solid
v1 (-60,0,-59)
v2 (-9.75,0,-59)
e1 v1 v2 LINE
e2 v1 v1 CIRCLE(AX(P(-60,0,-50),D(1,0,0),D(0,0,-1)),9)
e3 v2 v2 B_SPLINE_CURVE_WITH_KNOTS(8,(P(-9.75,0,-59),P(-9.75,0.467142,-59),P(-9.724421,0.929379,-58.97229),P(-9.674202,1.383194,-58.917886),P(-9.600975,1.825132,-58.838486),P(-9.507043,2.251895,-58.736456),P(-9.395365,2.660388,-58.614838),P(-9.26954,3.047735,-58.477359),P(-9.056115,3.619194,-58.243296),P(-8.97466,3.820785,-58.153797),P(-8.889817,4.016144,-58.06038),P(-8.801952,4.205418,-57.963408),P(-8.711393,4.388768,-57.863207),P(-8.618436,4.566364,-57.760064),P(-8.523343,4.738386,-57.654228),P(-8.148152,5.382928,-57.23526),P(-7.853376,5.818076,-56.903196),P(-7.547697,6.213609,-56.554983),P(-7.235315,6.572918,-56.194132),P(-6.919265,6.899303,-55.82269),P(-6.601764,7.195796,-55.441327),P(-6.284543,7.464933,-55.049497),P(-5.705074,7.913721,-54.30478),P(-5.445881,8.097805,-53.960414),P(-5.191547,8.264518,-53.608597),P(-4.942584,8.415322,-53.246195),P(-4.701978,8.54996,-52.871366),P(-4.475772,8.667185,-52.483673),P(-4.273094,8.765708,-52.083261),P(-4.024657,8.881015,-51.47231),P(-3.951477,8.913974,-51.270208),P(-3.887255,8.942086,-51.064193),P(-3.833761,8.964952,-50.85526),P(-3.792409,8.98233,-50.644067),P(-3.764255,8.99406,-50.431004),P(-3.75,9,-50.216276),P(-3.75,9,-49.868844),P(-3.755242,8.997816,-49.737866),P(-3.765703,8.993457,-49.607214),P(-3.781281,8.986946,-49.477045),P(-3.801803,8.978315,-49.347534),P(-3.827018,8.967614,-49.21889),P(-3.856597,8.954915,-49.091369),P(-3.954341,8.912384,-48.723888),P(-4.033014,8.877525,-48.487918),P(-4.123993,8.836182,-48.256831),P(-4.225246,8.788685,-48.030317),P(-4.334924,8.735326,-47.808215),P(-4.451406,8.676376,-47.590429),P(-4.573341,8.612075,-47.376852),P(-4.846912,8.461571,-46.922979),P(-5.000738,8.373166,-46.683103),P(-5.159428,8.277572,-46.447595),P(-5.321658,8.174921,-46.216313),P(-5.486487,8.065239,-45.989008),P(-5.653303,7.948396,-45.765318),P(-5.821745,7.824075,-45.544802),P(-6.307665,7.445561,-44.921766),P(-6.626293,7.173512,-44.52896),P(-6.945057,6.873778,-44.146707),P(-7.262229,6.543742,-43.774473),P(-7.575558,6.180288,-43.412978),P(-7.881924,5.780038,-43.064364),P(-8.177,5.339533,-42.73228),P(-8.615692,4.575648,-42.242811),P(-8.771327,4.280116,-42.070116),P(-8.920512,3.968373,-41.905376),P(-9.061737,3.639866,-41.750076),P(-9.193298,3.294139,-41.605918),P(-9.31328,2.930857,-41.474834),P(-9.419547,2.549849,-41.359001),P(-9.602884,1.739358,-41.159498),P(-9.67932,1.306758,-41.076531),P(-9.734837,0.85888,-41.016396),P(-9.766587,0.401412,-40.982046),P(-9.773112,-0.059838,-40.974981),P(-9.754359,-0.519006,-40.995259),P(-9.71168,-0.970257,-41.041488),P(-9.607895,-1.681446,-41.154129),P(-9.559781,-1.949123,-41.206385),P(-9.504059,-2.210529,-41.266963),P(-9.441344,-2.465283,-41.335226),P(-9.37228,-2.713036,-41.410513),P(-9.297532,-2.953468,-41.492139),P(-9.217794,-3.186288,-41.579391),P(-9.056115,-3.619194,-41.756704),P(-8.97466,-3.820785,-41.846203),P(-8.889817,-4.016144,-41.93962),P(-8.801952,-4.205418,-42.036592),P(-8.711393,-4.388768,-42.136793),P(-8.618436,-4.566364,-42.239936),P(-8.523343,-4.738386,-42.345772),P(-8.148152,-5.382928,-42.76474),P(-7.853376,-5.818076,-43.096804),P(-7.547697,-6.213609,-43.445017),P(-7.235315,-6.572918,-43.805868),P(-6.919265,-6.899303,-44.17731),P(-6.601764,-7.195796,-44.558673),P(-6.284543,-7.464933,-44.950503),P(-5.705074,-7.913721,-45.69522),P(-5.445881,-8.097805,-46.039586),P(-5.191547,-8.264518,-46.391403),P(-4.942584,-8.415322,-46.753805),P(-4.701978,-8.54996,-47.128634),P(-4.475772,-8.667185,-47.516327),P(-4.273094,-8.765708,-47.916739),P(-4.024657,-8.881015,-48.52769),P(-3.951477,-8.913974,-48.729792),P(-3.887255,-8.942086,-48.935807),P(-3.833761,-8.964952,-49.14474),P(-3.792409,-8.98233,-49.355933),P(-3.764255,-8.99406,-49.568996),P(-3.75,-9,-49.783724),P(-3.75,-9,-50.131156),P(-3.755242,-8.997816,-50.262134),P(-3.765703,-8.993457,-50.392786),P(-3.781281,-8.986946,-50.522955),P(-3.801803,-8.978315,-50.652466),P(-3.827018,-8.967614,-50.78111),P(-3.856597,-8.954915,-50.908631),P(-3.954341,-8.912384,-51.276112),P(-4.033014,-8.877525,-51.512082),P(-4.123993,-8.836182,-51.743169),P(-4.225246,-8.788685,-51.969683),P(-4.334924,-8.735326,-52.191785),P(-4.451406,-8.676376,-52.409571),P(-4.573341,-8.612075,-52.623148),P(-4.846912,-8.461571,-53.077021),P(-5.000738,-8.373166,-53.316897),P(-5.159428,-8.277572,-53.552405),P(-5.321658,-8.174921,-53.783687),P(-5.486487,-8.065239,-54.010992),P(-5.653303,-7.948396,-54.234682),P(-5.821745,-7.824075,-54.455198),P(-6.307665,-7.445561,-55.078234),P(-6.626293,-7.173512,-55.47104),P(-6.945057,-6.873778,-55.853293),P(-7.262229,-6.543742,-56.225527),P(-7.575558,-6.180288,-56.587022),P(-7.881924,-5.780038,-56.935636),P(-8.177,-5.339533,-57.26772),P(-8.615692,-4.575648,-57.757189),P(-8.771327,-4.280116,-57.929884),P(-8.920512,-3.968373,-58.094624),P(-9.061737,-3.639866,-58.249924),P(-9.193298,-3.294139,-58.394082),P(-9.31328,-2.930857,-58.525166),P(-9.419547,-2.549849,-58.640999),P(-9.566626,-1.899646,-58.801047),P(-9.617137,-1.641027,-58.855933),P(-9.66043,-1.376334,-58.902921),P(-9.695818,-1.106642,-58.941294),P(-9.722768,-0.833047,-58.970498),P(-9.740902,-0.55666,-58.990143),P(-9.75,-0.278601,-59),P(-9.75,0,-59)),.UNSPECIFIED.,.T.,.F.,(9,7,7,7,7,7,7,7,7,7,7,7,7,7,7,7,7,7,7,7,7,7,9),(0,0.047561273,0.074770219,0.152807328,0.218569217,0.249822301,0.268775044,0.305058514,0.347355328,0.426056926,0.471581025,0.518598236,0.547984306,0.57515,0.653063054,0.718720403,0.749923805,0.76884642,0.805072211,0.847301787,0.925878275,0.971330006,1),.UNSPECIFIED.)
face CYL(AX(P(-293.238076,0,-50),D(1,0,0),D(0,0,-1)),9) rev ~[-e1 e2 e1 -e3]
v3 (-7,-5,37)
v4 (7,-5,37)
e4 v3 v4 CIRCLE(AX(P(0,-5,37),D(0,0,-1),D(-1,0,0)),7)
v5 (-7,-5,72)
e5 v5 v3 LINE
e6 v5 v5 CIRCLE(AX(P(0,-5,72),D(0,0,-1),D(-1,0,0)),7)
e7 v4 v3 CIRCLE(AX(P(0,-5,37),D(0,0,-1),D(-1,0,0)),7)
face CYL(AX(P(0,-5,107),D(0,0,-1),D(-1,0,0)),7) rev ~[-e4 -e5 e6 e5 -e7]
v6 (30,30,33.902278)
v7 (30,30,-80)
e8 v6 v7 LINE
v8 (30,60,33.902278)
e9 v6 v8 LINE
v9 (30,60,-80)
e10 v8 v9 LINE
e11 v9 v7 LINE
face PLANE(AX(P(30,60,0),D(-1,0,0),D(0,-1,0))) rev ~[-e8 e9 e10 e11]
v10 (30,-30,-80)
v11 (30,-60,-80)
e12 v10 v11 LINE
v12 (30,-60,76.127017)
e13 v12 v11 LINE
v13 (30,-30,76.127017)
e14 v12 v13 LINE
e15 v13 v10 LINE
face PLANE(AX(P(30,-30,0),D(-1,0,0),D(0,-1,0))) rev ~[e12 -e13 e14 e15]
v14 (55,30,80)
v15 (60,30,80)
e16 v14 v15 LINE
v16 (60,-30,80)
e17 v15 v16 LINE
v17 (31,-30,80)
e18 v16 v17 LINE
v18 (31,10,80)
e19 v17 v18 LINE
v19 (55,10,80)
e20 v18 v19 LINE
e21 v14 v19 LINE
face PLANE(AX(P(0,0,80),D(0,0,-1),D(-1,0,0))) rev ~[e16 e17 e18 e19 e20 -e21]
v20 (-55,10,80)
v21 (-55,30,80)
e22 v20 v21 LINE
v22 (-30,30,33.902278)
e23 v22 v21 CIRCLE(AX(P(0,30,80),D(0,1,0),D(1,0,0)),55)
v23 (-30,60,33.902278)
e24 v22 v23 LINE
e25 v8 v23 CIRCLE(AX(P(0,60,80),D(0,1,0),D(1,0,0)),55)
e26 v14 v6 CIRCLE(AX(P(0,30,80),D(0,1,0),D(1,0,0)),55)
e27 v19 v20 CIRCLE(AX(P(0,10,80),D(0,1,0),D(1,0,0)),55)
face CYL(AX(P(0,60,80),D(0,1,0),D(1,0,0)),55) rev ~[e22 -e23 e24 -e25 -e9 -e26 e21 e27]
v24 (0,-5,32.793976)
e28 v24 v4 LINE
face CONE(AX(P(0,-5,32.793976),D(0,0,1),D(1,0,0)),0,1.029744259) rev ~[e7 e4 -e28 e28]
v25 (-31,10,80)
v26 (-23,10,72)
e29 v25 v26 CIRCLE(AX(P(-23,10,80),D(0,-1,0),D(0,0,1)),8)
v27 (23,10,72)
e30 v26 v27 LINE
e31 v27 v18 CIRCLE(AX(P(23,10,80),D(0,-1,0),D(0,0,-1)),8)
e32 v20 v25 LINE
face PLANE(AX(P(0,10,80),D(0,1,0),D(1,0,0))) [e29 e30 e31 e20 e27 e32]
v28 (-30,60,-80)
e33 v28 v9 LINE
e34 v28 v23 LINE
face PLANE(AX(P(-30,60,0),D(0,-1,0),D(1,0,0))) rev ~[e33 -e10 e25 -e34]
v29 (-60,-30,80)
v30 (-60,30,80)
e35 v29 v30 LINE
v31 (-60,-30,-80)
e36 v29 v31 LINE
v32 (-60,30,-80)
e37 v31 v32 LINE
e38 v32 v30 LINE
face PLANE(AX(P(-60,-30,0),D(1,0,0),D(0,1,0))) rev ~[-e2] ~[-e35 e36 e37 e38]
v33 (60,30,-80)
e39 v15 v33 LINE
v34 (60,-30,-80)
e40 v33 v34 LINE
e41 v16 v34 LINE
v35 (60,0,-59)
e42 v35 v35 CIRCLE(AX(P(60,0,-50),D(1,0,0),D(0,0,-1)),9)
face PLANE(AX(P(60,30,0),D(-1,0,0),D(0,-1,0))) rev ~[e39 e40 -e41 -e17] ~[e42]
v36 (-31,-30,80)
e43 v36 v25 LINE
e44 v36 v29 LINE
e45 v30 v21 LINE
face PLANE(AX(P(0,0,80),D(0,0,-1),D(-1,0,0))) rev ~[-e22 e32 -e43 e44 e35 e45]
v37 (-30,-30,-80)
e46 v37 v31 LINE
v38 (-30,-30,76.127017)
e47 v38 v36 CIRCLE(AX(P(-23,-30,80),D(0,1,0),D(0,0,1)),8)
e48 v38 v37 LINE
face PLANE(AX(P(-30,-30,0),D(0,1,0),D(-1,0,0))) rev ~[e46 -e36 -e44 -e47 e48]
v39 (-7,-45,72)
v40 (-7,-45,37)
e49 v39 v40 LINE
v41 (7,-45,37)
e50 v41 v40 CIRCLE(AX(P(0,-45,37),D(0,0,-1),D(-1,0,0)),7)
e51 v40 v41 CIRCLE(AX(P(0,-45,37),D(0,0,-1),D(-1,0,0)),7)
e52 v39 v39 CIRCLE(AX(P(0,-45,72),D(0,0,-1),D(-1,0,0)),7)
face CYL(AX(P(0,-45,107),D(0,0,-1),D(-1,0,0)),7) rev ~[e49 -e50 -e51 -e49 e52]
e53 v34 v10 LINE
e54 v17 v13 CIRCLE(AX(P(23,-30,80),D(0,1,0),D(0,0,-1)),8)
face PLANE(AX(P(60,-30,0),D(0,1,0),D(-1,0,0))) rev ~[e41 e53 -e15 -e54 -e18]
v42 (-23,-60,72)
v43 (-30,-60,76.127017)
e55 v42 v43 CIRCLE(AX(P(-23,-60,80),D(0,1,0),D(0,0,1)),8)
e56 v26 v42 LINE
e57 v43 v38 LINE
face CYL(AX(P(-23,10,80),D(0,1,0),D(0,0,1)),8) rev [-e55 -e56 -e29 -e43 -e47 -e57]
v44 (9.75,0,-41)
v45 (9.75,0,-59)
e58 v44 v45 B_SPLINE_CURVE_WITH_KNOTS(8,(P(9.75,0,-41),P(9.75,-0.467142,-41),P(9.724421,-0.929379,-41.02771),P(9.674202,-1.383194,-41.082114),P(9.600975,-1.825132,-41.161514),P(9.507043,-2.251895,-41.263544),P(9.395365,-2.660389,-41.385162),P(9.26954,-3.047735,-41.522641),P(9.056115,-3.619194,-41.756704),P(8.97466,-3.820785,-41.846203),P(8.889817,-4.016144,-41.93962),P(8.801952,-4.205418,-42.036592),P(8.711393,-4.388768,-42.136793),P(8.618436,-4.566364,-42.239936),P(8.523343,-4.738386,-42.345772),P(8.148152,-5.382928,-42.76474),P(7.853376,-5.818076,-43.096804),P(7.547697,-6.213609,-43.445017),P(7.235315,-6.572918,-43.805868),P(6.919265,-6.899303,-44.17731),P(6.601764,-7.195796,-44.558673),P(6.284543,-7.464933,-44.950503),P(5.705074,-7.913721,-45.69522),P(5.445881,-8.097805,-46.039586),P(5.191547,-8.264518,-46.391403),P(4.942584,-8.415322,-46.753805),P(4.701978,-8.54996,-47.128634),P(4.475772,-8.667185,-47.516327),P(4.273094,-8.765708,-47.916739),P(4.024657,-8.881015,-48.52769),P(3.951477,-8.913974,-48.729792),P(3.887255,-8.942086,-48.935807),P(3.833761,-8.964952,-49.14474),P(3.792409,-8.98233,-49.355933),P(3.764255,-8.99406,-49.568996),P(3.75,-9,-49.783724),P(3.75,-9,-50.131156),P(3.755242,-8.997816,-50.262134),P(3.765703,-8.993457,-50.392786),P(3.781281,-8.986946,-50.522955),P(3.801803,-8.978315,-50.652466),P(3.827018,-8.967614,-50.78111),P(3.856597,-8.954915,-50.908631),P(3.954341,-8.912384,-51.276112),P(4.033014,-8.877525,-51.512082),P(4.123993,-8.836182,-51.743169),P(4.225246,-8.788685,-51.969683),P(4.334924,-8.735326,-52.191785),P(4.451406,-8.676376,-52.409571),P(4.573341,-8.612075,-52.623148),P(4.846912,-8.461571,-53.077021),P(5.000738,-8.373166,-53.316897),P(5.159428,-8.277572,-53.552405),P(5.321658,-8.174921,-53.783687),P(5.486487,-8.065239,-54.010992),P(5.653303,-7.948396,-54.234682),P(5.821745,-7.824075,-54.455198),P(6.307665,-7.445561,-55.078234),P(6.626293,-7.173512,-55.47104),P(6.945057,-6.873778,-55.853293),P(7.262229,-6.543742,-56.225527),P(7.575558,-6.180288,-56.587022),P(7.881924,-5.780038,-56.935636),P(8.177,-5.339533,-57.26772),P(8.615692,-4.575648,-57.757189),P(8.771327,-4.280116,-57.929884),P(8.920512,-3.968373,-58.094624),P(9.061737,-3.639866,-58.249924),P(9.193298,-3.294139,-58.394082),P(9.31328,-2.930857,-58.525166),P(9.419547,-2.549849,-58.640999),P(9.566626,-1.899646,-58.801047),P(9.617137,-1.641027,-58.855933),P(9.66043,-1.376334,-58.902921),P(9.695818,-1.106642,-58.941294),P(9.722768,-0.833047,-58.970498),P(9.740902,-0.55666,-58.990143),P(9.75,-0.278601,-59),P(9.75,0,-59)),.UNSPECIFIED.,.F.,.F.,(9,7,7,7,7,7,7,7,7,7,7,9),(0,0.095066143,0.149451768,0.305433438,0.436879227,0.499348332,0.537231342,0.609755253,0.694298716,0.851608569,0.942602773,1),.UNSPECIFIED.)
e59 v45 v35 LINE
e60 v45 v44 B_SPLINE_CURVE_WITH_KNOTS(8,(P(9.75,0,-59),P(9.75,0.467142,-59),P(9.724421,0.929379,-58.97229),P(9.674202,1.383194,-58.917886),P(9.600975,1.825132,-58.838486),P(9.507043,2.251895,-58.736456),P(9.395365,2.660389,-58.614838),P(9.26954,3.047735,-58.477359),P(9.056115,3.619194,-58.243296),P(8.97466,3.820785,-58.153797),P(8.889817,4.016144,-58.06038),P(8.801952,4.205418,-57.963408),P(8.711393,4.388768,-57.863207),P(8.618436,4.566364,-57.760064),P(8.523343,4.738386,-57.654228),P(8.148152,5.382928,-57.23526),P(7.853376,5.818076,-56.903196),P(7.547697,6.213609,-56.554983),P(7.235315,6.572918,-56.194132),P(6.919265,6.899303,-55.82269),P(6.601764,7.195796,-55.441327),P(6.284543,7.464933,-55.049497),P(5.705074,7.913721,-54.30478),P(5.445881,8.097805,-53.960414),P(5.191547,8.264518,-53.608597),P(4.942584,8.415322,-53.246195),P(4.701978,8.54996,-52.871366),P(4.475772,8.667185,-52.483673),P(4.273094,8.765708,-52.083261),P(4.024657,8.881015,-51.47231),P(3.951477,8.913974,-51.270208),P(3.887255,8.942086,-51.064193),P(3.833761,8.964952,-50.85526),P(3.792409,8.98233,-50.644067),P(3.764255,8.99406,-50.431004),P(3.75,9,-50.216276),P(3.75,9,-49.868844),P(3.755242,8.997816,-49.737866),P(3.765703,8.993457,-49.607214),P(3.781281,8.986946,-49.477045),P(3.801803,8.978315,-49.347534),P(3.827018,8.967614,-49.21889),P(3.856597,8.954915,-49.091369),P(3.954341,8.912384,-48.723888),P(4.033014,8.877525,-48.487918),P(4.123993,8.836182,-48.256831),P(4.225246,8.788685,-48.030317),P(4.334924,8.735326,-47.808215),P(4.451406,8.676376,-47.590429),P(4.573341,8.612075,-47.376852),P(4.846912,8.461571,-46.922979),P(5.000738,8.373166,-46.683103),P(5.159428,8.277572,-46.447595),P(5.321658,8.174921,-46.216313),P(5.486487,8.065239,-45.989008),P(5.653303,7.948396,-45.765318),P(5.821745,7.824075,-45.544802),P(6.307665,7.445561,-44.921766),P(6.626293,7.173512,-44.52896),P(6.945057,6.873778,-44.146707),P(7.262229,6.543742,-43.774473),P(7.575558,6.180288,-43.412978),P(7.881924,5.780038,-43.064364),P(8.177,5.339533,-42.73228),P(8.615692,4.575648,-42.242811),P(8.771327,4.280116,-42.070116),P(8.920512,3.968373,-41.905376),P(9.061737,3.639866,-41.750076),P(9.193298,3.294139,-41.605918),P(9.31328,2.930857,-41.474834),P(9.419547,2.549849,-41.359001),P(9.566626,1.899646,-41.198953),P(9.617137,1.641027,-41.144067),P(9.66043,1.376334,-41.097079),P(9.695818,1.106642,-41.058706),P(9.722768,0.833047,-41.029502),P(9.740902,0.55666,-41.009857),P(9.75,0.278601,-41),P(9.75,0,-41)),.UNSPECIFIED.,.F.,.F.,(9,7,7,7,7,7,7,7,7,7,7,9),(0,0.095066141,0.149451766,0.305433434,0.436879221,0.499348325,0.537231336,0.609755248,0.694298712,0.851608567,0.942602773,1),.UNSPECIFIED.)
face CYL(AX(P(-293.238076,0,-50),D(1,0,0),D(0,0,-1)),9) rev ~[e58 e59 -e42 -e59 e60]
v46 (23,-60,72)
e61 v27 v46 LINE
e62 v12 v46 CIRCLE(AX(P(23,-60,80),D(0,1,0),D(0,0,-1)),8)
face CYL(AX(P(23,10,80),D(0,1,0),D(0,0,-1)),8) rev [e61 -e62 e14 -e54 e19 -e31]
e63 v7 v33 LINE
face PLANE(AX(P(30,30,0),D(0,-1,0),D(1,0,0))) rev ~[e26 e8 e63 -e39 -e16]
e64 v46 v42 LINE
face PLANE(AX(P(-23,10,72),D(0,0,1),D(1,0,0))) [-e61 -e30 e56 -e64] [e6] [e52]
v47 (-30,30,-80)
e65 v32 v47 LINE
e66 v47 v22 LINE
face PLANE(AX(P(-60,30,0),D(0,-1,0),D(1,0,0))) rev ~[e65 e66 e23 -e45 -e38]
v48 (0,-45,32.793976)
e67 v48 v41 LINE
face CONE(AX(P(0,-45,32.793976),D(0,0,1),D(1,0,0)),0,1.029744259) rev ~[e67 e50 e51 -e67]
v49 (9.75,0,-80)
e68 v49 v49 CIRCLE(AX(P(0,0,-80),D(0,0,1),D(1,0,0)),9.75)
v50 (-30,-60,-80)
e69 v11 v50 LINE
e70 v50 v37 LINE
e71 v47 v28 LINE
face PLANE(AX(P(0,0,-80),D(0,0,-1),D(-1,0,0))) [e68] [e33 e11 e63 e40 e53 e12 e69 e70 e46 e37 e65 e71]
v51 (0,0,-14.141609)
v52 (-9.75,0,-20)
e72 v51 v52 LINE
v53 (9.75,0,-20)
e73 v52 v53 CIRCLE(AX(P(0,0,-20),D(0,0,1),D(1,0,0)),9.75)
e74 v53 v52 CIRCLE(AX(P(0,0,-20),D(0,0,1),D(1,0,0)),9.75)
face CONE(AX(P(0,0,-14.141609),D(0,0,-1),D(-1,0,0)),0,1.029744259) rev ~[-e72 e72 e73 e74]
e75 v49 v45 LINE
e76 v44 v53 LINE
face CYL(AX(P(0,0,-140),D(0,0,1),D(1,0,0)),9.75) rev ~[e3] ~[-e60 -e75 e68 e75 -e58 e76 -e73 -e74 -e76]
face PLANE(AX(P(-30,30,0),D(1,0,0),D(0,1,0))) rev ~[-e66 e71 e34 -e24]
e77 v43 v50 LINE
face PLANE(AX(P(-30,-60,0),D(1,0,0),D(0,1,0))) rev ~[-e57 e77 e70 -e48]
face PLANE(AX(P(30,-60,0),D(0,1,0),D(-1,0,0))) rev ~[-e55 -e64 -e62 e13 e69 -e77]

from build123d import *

# Parameters (mm, degrees)
ESTRUSIONE_ESTRUSIONE1_DEPTH = 80
SCHIZZO2_R                   = 55
TAGLIO_ESTRUSIONE1_DEPTH     = 50
TAGLIO_ESTRUSIONE2_REACH     = 124.066
FORO_18_0_18_1_D             = 18
FORO_FILETTATO_M22_1_D       = 19.5
FORO_FILETTATO_M22_1_DEPTH   = 60
FORO_FILETTATO_M22_1_TIP     = 5.858391036
FORO_FILETTATO_M16_1_D       = 14
FORO_FILETTATO_M16_1_DEPTH   = 35
FORO_FILETTATO_M16_1_TIP     = 4.206024333


with BuildPart() as part:
    # Schizzo1 → Estrusione-Estrusione1 (new, symmetric)
    with BuildSketch(Plane.XY):
        Polygon((-30, 60), (30, 60), (30, 30), (60, 30), (60, -30), (30, -30), (30, -60), (-30, -60), (-30, -30), (-60, -30), (-60, 30), (-30, 30), align=None)
    extrude(amount=ESTRUSIONE_ESTRUSIONE1_DEPTH, both=True)

    # Schizzo2 → Taglio-Estrusione1 (cut)
    with BuildSketch(Plane(origin=(0, 60, 0), x_dir=(1, 0, 0), z_dir=(0, 1, 0))):
        with Locations((0, -80)):
            Circle(SCHIZZO2_R)
    extrude(amount=-TAGLIO_ESTRUSIONE1_DEPTH, mode=Mode.SUBTRACT)

    # Schizzo3 → Taglio-Estrusione2 (cut, up to next)
    with BuildSketch(Plane(origin=(0, 10, 0), x_dir=(1, 0, 0), z_dir=(0, 1, 0)), mode=Mode.PRIVATE) as taglio_estrusione2_sk1:
        with BuildLine():
            Line((-23, -72), (23, -72))
            ThreePointArc((23, -72), (31, -80), (23, -88))
            Line((23, -88), (-23, -88))
            ThreePointArc((-23, -88), (-31, -80), (-23, -72))
        make_face()
    taglio_estrusione2_tool1 = extrude(taglio_estrusione2_sk1.sketch, amount=-TAGLIO_ESTRUSIONE2_REACH, mode=Mode.PRIVATE) & part.part
    add(taglio_estrusione2_tool1.solids().sort_by_distance((0, 10, 80))[0], mode=Mode.SUBTRACT)

    # Foro Ø18.0 (18)-1 (through all)
    with Locations(Plane.ZY.offset(60)):
        with Locations((-50, 0)):
            Hole(FORO_18_0_18_1_D / 2)

    # Foro filettato M22-1
    with Locations(Plane(origin=(0, 0, -80), x_dir=(-1, 0, 0), z_dir=(0, 0, -1))):
        with Locations((0, 0)):
            Hole(FORO_FILETTATO_M22_1_D / 2, depth=FORO_FILETTATO_M22_1_DEPTH)
            with Locations((0, 0, -(FORO_FILETTATO_M22_1_DEPTH + FORO_FILETTATO_M22_1_TIP / 2))):  # 118° drill point
                Cone(0, FORO_FILETTATO_M22_1_D / 2, FORO_FILETTATO_M22_1_TIP, mode=Mode.SUBTRACT)

    # Foro filettato M16-1
    with Locations(Plane.XY.offset(72)):
        with Locations((0, -5), (0, -45)):
            Hole(FORO_FILETTATO_M16_1_D / 2, depth=FORO_FILETTATO_M16_1_DEPTH)
            with Locations((0, 0, -(FORO_FILETTATO_M16_1_DEPTH + FORO_FILETTATO_M16_1_TIP / 2))):  # 118° drill point
                Cone(0, FORO_FILETTATO_M16_1_D / 2, FORO_FILETTATO_M16_1_TIP, mode=Mode.SUBTRACT)


solid = part.part
